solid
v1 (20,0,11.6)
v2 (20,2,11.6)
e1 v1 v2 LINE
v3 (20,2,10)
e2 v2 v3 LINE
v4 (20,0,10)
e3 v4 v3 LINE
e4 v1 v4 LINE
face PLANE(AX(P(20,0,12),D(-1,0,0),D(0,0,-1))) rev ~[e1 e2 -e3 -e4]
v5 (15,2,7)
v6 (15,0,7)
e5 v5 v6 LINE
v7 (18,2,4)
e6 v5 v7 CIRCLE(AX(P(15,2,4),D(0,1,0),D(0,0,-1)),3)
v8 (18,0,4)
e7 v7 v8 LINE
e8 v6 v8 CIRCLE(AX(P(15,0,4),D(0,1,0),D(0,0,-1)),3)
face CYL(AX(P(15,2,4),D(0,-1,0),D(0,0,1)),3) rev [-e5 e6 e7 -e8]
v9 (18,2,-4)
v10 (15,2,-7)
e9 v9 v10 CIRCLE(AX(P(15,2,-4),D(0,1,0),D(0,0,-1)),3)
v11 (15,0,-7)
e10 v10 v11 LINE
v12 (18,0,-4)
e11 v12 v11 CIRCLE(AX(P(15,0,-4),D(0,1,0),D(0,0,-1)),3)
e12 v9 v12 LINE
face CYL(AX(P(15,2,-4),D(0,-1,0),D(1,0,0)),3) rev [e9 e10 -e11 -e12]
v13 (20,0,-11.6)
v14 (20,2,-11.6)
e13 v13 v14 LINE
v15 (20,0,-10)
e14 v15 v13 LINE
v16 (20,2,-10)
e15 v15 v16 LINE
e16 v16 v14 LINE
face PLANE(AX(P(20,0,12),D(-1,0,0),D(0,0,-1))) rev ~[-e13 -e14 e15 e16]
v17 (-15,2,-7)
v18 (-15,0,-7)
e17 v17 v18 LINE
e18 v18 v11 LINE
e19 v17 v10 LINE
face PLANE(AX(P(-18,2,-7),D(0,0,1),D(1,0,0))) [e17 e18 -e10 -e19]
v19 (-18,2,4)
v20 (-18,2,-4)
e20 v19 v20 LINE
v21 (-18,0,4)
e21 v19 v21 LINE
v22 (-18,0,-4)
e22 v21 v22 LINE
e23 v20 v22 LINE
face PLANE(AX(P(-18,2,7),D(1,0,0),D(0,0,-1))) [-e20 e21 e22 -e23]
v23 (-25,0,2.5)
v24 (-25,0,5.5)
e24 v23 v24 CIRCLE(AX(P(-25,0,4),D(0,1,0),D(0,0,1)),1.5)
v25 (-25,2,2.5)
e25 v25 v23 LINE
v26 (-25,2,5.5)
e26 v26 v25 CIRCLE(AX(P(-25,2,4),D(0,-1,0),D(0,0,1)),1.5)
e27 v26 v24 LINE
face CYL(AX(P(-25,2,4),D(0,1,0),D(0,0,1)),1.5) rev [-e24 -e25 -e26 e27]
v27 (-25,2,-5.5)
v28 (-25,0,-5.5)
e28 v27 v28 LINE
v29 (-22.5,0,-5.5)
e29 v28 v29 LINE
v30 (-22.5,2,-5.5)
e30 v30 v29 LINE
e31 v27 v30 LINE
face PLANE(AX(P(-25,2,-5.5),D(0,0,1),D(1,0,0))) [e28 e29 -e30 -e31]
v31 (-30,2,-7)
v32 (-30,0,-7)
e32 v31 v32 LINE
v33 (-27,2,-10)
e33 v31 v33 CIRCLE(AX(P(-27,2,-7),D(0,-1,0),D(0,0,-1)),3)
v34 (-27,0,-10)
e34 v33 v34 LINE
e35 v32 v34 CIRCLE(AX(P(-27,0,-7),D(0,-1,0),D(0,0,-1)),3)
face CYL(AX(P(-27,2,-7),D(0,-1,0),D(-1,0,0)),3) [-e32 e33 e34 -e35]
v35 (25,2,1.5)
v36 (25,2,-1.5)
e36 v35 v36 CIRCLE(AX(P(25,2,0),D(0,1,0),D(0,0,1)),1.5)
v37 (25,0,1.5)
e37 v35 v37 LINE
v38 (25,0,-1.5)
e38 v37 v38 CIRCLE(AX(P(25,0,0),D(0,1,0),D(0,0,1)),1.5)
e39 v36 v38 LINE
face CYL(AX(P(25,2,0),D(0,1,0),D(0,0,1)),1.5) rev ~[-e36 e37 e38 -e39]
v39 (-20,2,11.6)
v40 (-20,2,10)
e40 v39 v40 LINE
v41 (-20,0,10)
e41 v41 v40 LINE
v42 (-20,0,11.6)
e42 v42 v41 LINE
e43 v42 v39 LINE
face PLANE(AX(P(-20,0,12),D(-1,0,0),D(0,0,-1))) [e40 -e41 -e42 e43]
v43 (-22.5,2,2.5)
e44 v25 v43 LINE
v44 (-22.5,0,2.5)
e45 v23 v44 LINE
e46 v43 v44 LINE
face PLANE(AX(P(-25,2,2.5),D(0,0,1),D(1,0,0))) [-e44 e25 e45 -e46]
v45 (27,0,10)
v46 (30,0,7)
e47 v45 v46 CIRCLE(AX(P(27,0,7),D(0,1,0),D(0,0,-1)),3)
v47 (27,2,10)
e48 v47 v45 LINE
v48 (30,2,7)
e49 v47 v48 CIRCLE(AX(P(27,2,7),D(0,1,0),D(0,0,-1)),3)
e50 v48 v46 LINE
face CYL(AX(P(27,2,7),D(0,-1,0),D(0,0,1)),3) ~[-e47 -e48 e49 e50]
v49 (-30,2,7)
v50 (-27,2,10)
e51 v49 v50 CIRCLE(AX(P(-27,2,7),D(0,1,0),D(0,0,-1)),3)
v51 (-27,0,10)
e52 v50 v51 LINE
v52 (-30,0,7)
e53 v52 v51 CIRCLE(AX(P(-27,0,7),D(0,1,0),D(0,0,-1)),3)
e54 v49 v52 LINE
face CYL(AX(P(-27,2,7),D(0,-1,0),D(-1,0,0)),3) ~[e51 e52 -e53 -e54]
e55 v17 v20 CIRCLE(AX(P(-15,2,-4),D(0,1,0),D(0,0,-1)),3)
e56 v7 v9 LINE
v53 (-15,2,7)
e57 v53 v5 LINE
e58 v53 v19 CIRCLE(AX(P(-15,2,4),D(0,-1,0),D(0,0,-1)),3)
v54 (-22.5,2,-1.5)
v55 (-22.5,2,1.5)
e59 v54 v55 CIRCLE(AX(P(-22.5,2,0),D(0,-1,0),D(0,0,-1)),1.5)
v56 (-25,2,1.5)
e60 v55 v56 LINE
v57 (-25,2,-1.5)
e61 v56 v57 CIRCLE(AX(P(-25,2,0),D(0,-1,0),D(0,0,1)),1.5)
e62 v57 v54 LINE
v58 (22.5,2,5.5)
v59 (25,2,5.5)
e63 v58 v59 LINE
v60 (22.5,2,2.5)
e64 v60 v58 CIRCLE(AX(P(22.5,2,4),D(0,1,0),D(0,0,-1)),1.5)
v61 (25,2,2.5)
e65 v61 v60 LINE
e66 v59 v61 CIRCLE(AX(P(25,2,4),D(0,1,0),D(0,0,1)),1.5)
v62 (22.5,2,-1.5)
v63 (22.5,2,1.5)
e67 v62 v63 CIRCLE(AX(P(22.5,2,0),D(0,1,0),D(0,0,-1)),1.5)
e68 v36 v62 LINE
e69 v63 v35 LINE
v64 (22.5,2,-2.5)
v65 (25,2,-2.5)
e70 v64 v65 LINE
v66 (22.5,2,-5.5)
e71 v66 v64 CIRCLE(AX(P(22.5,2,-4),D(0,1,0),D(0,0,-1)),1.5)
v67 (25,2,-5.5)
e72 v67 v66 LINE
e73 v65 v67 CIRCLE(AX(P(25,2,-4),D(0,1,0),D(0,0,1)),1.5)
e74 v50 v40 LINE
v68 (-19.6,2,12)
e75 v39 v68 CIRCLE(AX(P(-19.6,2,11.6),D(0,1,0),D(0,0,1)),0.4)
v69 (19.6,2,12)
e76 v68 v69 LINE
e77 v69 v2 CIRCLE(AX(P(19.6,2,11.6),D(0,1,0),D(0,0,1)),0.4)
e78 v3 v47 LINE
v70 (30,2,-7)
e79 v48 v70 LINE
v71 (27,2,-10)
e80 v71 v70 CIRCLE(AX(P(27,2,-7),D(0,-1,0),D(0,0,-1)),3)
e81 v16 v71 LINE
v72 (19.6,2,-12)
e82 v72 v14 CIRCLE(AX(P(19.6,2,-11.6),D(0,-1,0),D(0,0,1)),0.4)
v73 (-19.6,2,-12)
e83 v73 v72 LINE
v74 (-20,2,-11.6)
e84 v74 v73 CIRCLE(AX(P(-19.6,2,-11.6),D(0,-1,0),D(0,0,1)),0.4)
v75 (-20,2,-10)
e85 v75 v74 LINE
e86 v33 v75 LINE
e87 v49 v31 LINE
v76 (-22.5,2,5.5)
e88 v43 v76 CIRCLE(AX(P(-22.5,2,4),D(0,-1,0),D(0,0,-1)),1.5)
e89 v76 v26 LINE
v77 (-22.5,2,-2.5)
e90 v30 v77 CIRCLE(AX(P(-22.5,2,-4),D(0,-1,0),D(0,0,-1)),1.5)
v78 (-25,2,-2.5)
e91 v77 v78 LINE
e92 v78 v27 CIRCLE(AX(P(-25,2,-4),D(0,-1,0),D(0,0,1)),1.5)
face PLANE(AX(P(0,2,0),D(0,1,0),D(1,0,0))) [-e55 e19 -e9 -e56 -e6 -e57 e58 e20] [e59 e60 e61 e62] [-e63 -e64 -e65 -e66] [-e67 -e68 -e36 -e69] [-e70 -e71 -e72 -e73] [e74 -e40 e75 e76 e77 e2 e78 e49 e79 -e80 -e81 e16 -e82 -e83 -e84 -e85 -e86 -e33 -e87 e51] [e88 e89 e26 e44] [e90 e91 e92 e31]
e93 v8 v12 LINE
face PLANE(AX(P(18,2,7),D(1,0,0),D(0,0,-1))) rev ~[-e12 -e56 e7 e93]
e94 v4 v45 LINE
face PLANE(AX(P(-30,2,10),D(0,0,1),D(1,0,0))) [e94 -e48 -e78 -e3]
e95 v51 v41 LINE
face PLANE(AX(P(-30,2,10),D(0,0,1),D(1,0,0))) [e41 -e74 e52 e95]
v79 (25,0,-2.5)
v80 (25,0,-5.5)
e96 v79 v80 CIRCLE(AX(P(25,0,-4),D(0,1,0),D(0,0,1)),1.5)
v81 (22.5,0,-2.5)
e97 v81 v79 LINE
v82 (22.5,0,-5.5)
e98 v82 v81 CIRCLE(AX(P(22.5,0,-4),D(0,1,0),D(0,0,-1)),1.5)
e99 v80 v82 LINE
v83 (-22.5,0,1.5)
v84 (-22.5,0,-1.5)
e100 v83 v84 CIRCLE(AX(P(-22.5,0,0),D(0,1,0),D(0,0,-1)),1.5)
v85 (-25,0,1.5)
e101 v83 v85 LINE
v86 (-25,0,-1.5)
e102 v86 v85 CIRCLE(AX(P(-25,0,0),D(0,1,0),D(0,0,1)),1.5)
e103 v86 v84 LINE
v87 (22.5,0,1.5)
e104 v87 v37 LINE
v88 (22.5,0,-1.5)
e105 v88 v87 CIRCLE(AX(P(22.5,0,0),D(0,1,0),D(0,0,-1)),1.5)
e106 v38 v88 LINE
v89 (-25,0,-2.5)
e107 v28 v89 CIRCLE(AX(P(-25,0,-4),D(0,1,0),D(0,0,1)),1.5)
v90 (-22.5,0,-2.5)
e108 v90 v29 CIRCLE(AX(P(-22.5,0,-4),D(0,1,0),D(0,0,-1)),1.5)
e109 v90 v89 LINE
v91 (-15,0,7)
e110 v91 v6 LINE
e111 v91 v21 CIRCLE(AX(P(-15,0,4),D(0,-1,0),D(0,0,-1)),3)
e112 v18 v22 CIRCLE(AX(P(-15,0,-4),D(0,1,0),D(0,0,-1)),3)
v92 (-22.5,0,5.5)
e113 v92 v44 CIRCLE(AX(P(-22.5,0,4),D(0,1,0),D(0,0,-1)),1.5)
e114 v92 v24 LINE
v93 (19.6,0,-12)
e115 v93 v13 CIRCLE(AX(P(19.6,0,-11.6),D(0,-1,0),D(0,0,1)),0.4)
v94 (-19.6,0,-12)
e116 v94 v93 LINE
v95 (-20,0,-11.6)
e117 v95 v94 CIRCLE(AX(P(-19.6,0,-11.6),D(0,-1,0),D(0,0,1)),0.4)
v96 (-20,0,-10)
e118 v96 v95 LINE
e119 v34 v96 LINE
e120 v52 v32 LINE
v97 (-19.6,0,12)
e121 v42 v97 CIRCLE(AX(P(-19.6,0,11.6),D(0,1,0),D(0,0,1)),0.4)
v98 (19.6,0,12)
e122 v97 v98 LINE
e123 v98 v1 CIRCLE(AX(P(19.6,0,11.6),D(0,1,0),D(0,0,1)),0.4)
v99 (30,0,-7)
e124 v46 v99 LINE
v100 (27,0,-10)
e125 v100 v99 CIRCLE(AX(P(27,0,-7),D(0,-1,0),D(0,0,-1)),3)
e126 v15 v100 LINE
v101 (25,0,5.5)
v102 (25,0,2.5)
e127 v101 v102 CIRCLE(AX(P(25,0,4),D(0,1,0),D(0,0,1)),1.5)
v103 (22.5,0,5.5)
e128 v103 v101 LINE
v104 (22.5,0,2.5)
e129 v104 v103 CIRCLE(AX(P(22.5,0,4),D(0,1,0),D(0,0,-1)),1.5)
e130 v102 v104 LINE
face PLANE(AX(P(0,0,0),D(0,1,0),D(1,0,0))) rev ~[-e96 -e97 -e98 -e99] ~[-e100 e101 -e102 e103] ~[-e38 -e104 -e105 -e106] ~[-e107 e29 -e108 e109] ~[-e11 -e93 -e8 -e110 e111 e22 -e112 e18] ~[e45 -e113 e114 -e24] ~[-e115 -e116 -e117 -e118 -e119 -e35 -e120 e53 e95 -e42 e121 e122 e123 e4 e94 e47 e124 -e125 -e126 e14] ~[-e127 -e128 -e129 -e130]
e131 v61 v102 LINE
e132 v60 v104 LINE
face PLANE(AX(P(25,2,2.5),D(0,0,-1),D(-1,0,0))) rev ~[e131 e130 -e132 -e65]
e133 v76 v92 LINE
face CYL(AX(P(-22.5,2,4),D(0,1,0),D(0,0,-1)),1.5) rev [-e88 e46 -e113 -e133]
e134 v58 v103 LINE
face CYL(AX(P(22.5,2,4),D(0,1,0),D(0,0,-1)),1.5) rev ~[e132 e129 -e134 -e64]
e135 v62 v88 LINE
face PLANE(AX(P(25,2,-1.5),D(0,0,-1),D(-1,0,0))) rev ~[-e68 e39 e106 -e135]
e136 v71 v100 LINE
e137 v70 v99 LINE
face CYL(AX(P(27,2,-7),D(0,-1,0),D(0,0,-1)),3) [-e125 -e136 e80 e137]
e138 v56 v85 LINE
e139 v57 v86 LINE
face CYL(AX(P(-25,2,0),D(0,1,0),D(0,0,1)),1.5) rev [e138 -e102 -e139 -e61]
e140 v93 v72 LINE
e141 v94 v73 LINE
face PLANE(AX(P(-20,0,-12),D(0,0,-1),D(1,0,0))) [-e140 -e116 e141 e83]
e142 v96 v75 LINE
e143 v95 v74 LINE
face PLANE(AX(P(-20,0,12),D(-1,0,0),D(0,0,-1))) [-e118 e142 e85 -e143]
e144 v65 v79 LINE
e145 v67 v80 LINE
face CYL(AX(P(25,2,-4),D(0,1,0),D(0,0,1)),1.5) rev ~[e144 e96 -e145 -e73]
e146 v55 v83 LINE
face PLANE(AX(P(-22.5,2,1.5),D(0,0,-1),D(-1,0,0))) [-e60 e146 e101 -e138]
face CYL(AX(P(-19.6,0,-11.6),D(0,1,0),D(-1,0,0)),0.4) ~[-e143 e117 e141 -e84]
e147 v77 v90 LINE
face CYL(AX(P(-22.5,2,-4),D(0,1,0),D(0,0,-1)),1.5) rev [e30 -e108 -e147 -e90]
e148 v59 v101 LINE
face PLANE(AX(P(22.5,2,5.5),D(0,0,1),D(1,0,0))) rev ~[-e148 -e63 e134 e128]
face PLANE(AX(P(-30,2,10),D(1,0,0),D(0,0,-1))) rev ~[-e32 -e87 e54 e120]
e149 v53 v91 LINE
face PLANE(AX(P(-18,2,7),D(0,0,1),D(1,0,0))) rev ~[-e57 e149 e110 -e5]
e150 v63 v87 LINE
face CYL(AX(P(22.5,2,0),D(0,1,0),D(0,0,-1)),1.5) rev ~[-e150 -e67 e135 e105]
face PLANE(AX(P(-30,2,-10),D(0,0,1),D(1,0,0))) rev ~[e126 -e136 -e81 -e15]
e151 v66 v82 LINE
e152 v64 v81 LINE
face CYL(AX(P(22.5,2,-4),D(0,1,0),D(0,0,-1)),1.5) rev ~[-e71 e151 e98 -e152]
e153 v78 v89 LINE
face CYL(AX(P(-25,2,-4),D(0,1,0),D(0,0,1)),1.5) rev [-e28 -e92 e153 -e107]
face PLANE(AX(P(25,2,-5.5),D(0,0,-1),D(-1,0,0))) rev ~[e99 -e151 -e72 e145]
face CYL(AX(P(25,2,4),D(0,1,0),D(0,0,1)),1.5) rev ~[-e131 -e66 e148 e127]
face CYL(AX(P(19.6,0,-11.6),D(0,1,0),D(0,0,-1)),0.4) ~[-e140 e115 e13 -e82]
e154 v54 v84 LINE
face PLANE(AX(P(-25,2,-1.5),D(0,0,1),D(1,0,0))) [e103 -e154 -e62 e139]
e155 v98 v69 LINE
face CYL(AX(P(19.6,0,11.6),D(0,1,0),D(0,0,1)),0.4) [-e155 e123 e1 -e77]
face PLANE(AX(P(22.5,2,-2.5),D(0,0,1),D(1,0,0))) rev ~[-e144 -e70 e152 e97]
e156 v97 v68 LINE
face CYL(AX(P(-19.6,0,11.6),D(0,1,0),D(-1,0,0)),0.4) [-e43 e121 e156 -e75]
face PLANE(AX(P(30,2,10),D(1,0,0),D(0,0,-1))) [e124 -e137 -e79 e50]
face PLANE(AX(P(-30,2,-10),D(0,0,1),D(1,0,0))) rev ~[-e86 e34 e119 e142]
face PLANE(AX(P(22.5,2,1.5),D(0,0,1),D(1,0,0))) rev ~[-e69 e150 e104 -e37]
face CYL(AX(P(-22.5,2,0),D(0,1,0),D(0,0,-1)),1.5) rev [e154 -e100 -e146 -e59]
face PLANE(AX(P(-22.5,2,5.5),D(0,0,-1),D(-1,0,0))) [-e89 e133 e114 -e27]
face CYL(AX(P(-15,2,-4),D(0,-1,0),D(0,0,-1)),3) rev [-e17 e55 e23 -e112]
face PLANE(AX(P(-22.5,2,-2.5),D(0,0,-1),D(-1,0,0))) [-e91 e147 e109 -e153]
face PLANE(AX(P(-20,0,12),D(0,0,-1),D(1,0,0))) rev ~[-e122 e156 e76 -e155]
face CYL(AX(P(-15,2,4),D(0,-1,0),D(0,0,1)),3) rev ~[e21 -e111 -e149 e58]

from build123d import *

# Parameters (mm, degrees)
SKETCH_1_W          = 40
SKETCH_1_H          = 24
EXTRUDE_1_DEPTH     = 2
SKETCH_4_W          = 60
SKETCH_4_H          = 20
EXTRUDE_3_DEPTH     = 2
CUT_EXTRUDE_3_DEPTH = 33.372828112
SKETCH_7_W          = 36
SKETCH_7_H          = 14
CUT_EXTRUDE_4_DEPTH = 33.372828112
FILLET_1_R          = 3
FILLET_2_R          = 0.4


with BuildPart() as part:
    # 草图1 → 凸台-拉伸1 (new body)
    with BuildSketch(Plane(origin=(0, 0, 0), x_dir=(1, 0, 0), z_dir=(0, 1, 0))):
        Rectangle(SKETCH_1_W, SKETCH_1_H)
    extrude(amount=EXTRUDE_1_DEPTH)

    # 草图4 → 凸台-拉伸3 (add)
    with BuildSketch(Plane(origin=(0, 2, 0), x_dir=(1, 0, 0), z_dir=(0, 1, 0))):
        Rectangle(SKETCH_4_W, SKETCH_4_H)
    extrude(amount=-EXTRUDE_3_DEPTH)

    # 草图6 → 切除-拉伸3 (cut, through all)
    with BuildSketch(Plane(origin=(0, 2, 0), x_dir=(1, 0, 0), z_dir=(0, 1, 0))):
        with BuildLine():
            Line((-25, 1.5), (-22.5, 1.5))
            ThreePointArc((-22.5, 1.5), (-21, 0), (-22.5, -1.5))
            Line((-22.5, -1.5), (-25, -1.5))
            ThreePointArc((-25, -1.5), (-26.5, 0), (-25, 1.5))
        make_face()
        with BuildLine():
            Line((-25, 5.5), (-22.5, 5.5))
            ThreePointArc((-22.5, 5.5), (-21, 4), (-22.5, 2.5))
            Line((-22.5, 2.5), (-25, 2.5))
            ThreePointArc((-25, 2.5), (-26.5, 4), (-25, 5.5))
        make_face()
        with BuildLine():
            Line((-25, -2.5), (-22.5, -2.5))
            ThreePointArc((-22.5, -2.5), (-21, -4), (-22.5, -5.5))
            Line((-22.5, -5.5), (-25, -5.5))
            ThreePointArc((-25, -5.5), (-26.5, -4), (-25, -2.5))
        make_face()
        with BuildLine():
            Line((25, -2.5), (22.5, -2.5))
            ThreePointArc((22.5, -2.5), (21, -4), (22.5, -5.5))
            Line((22.5, -5.5), (25, -5.5))
            ThreePointArc((25, -5.5), (26.5, -4), (25, -2.5))
        make_face()
        with BuildLine():
            Line((25, 1.5), (22.5, 1.5))
            ThreePointArc((22.5, 1.5), (21, 0), (22.5, -1.5))
            Line((22.5, -1.5), (25, -1.5))
            ThreePointArc((25, -1.5), (26.5, 0), (25, 1.5))
        make_face()
        with BuildLine():
            Line((25, 5.5), (22.5, 5.5))
            ThreePointArc((22.5, 5.5), (21, 4), (22.5, 2.5))
            Line((22.5, 2.5), (25, 2.5))
            ThreePointArc((25, 2.5), (26.5, 4), (25, 5.5))
        make_face()
    extrude(amount=-CUT_EXTRUDE_3_DEPTH, mode=Mode.SUBTRACT)

    # 草图7 → 切除-拉伸4 (cut, through all)
    with BuildSketch(Plane(origin=(0, 2, 0), x_dir=(1, 0, 0), z_dir=(0, 1, 0))):
        Rectangle(SKETCH_7_W, SKETCH_7_H)
    extrude(amount=-CUT_EXTRUDE_4_DEPTH, mode=Mode.SUBTRACT)

    # 圆角1
    fillet_1_edges = [part.edges().sort_by_distance(p)[0] for p in [
        (18, 1, -7),
        (18, 1, 7),
        (-18, 1, 7),
        (-18, 1, -7),
        (30, 1, 10),
        (-30, 1, -10),
        (30, 1, -10),
        (-30, 1, 10),
    ]]
    fillet(fillet_1_edges, radius=FILLET_1_R)

    # 圆角2
    fillet_2_edges = [part.edges().sort_by_distance(p)[0] for p in [
        (20, 1, 12),
        (-20, 1, 12),
        (-20, 1, -12),
        (20, 1, -12),
    ]]
    fillet(fillet_2_edges, radius=FILLET_2_R)


solid = part.part
